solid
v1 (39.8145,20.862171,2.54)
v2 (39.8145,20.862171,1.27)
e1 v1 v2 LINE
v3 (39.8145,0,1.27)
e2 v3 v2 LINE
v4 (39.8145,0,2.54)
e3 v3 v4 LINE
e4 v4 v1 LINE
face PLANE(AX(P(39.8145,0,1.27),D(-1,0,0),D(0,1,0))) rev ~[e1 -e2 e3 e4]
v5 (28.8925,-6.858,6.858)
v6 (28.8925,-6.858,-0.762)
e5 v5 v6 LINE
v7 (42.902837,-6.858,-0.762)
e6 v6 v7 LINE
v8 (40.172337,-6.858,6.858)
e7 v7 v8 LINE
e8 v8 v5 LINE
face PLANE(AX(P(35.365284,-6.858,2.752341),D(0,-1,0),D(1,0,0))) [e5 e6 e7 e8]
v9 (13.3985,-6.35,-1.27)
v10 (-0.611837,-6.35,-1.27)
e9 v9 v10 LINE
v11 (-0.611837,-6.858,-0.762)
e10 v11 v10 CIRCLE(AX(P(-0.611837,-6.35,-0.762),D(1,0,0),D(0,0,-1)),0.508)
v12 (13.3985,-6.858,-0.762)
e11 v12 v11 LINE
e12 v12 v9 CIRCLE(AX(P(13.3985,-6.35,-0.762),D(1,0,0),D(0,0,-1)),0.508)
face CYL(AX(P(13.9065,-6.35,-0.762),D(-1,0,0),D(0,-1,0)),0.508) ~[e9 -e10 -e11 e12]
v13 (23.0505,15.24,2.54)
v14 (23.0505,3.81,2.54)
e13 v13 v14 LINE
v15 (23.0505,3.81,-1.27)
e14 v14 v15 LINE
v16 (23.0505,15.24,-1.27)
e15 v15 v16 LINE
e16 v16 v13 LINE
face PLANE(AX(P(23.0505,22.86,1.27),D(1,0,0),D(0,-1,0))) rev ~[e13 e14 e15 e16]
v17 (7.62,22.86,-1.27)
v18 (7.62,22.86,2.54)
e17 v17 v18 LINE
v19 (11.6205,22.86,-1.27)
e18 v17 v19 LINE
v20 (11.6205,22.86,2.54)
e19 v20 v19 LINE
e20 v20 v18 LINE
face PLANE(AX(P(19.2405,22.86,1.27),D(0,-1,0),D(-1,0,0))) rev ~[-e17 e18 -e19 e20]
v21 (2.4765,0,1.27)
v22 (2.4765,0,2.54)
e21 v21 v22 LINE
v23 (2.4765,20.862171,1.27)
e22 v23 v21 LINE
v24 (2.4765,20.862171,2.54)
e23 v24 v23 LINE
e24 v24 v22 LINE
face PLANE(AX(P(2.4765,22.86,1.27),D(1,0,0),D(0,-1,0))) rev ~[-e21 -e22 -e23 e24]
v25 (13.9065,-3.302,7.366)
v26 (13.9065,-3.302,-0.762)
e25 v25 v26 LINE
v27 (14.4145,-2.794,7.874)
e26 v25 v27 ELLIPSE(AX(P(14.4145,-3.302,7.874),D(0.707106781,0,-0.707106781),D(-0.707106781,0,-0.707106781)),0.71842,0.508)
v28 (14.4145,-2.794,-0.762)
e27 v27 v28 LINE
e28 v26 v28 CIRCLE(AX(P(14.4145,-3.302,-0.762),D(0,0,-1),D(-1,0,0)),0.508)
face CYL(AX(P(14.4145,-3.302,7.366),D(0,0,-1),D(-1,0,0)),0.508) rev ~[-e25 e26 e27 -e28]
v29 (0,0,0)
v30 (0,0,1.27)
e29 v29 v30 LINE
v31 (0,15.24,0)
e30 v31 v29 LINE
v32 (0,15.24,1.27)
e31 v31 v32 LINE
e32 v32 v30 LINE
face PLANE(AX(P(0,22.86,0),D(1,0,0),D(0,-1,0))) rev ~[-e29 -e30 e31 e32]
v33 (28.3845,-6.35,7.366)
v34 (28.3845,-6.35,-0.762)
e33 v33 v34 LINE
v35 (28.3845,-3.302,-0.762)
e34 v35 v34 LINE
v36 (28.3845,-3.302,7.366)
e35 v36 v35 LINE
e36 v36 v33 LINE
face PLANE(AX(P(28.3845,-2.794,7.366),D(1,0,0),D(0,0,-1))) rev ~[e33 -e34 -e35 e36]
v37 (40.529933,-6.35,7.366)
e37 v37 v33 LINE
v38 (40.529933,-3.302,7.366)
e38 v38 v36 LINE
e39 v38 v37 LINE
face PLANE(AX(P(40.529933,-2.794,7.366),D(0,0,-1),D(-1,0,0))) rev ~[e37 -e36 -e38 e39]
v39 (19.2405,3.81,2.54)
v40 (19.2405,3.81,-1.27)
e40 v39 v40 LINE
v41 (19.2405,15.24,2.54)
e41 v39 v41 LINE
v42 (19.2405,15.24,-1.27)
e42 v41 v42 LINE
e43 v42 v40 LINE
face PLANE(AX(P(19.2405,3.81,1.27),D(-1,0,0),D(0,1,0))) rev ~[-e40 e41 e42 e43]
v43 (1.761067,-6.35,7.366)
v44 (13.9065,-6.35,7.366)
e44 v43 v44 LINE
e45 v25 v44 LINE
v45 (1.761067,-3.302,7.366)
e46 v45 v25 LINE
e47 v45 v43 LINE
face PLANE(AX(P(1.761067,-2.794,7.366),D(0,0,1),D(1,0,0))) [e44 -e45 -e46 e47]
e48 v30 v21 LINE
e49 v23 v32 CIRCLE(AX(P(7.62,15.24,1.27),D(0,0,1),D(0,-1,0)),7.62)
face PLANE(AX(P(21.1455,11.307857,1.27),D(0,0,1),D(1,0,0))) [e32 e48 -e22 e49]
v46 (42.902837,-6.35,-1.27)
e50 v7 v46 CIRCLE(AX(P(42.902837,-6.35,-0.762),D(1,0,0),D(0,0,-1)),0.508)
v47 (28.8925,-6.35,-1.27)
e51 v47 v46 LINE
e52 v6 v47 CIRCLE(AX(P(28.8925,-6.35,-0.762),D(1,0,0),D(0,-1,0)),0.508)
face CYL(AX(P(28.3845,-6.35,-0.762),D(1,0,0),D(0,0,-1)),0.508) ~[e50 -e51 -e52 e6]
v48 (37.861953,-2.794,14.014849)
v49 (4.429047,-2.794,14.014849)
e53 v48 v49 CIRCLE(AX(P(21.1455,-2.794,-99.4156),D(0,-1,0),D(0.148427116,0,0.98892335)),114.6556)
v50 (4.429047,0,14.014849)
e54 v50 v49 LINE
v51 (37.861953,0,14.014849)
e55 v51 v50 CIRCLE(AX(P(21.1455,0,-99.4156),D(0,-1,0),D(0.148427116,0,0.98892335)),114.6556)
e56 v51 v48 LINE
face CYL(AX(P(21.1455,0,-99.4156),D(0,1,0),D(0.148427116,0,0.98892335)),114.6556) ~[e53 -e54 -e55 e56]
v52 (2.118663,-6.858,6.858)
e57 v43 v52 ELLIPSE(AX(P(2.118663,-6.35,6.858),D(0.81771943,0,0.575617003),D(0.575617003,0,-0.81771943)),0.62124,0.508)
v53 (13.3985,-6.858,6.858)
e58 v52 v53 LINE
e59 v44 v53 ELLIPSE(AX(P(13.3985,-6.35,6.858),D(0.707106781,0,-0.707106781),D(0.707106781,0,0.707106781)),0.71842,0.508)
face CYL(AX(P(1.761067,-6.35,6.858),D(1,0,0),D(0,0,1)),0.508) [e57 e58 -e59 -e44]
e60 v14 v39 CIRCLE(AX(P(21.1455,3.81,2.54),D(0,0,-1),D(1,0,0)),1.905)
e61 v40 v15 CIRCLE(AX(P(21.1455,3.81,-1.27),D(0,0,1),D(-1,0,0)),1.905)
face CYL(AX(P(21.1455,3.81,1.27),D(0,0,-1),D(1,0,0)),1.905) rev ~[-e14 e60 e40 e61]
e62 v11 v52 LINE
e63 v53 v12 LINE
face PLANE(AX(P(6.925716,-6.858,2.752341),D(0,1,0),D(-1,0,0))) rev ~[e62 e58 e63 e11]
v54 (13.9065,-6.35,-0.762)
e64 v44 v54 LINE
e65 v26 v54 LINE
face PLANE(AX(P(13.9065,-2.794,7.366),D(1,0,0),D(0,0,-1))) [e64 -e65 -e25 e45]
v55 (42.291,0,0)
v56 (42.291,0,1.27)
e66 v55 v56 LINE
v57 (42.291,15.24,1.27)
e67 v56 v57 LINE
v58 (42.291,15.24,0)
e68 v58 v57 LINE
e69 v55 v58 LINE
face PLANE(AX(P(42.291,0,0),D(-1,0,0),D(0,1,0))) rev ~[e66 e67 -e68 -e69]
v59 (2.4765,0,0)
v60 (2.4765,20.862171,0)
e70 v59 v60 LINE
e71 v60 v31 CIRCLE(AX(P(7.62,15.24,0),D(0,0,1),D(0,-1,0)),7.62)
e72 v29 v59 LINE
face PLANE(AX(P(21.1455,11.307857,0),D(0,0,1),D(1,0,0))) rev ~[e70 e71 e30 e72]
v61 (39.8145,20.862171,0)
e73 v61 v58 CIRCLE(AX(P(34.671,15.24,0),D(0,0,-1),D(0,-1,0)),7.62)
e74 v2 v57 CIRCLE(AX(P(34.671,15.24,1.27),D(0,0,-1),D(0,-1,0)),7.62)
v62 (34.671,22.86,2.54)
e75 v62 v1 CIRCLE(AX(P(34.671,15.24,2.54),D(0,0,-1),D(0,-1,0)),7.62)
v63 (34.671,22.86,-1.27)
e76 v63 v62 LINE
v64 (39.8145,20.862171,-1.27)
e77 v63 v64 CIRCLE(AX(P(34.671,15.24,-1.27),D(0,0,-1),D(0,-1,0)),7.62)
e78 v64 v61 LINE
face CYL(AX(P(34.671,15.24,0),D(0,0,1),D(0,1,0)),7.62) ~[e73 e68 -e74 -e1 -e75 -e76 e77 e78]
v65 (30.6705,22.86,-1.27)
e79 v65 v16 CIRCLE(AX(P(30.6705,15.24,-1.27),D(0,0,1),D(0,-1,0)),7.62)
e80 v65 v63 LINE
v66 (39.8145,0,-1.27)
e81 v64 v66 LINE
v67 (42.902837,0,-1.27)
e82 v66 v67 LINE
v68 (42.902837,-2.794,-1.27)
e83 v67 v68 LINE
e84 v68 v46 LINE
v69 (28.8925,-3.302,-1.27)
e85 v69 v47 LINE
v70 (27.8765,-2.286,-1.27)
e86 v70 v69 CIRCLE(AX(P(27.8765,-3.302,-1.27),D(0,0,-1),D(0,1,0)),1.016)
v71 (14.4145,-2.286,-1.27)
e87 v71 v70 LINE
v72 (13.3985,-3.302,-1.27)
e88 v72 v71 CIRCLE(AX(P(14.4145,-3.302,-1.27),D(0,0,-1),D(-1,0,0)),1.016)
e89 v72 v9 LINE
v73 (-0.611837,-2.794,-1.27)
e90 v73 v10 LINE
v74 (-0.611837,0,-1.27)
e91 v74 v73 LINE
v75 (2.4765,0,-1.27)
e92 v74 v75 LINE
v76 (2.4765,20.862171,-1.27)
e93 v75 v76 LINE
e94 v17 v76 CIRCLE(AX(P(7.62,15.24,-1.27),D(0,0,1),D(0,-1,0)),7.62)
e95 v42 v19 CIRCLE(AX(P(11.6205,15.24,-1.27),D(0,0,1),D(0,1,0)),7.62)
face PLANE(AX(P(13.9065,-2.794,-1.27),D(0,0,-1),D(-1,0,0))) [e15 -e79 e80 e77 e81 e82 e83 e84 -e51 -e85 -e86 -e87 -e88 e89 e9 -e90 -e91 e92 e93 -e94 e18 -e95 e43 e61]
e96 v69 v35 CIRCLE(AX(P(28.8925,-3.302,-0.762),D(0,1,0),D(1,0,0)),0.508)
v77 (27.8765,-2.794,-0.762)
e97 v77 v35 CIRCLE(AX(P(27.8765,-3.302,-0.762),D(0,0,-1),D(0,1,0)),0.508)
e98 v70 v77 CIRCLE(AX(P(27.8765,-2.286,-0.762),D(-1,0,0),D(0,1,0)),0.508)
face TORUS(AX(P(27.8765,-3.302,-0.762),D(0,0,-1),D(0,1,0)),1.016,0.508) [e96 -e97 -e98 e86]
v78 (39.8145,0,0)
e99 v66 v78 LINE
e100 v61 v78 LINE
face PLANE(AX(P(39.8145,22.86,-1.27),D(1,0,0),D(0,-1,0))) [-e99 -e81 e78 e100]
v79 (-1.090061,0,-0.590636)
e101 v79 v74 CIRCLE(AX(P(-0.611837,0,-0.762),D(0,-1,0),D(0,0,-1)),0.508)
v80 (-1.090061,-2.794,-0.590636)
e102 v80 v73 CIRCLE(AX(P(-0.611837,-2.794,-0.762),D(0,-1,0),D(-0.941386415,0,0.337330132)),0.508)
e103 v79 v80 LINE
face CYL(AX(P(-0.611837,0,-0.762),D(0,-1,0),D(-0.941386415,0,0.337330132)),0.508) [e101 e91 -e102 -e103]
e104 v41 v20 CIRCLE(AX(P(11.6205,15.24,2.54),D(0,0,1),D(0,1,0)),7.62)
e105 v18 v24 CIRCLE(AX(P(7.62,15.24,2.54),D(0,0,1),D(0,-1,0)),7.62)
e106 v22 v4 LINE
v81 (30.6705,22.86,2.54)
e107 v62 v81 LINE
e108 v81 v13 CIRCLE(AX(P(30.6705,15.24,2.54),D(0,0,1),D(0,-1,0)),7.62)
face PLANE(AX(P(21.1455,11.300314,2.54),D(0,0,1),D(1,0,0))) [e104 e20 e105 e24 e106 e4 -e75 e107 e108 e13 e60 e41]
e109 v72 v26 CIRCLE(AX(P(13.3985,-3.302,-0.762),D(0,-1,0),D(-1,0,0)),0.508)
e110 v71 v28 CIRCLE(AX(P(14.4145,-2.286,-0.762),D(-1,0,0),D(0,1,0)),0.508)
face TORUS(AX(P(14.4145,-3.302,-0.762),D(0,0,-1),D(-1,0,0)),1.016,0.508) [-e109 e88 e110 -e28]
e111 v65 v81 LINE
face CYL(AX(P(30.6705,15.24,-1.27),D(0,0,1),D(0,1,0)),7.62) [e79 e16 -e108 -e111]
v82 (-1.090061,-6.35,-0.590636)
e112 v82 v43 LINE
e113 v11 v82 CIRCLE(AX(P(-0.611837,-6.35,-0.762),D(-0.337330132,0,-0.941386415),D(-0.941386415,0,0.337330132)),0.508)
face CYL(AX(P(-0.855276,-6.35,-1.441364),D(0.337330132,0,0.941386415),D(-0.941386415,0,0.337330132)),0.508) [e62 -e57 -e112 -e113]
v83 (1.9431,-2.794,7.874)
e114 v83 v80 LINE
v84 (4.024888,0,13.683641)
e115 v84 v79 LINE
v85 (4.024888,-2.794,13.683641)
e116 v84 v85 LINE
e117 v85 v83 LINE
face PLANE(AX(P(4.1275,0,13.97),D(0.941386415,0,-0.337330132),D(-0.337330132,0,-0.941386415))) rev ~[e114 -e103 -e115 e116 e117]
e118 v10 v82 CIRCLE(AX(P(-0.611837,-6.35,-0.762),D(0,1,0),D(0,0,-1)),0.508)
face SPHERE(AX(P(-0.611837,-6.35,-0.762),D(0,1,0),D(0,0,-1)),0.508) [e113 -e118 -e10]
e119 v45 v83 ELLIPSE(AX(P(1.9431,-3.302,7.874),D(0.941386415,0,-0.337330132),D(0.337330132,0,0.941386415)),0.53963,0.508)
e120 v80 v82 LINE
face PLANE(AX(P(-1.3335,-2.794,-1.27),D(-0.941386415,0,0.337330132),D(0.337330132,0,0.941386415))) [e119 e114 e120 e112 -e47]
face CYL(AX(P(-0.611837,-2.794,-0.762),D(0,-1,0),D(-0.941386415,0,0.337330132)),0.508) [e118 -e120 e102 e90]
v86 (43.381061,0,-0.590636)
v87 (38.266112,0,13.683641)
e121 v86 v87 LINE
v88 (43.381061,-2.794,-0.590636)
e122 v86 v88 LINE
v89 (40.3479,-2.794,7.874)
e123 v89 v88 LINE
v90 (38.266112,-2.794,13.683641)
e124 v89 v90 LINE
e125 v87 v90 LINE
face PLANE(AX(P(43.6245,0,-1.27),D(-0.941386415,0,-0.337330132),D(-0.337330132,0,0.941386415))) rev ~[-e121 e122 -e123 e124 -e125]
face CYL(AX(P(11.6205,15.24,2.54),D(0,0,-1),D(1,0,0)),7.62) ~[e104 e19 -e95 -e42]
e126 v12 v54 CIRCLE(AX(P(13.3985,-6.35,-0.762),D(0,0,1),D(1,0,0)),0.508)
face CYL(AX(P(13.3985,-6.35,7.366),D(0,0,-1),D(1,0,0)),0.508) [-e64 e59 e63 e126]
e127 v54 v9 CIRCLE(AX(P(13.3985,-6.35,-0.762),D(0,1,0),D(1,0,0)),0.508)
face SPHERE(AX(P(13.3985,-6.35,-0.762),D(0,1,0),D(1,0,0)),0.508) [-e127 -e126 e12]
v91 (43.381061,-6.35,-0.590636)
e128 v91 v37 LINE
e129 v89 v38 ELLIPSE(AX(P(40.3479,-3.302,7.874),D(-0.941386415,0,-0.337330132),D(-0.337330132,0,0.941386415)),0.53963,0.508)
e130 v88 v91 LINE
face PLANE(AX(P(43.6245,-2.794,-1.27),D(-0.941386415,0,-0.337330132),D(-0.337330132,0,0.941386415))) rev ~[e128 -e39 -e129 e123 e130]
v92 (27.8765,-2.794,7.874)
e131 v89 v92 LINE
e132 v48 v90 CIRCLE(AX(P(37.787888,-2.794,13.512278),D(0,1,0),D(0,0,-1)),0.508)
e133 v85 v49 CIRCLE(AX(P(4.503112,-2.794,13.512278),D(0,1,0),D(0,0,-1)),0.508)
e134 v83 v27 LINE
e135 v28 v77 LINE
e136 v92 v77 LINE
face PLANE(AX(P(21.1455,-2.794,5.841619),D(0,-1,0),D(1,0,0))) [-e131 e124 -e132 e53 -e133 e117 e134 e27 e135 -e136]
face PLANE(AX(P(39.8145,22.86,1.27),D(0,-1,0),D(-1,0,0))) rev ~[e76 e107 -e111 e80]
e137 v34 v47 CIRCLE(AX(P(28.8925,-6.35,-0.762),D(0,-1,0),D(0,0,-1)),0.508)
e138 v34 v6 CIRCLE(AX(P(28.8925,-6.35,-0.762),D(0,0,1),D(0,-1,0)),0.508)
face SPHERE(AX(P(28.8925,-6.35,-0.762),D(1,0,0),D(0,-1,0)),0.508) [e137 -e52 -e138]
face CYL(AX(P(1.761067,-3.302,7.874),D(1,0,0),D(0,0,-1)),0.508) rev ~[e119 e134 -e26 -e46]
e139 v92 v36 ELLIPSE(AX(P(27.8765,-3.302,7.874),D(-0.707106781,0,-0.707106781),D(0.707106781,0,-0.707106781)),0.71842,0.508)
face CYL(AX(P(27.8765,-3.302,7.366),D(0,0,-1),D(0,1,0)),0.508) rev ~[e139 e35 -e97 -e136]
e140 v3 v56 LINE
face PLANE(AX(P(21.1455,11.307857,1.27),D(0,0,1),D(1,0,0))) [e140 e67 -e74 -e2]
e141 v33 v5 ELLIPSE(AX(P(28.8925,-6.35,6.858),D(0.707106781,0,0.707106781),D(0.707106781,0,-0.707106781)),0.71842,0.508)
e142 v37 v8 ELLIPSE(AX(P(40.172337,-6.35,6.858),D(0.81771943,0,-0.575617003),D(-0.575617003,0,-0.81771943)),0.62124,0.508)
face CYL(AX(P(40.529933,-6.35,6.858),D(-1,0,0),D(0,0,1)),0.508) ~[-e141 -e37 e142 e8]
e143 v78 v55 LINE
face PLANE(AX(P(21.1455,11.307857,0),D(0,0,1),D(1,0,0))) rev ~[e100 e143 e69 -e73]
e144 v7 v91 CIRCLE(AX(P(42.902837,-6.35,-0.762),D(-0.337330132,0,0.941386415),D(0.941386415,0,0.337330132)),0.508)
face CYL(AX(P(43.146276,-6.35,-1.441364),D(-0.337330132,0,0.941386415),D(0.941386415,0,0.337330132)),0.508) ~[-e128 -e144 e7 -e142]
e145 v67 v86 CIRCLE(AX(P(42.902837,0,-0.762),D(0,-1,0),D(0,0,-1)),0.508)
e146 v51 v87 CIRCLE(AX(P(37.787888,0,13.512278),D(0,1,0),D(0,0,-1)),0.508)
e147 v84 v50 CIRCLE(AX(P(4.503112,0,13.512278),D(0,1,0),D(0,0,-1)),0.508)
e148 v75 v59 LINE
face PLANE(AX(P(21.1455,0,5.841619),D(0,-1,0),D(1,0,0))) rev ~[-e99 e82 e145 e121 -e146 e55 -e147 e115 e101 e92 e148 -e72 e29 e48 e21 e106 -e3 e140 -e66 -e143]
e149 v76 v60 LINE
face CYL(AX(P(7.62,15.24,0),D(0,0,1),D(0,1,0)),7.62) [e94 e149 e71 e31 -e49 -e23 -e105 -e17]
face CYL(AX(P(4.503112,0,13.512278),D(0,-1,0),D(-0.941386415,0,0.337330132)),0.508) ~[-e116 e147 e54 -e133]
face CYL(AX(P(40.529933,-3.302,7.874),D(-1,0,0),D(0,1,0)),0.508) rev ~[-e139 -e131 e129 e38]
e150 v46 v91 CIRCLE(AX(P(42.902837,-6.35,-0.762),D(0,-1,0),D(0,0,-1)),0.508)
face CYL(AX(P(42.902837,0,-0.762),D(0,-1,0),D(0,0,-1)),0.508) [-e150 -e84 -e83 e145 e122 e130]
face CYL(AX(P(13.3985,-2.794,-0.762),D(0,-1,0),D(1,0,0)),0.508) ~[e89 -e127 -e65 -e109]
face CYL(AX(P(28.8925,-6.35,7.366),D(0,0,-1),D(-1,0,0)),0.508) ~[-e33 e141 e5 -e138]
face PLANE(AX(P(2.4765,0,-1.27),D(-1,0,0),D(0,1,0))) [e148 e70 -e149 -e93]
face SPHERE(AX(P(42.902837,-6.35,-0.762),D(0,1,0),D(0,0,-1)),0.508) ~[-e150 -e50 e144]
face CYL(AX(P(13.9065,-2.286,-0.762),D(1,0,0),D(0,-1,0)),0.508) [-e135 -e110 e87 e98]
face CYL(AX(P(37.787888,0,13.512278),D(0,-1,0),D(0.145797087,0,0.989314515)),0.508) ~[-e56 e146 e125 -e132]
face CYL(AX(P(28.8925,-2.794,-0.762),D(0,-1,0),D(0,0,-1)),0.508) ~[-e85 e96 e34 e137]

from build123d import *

# Parameters (mm, degrees)
BOSS_EXTRUDE1_DEPTH = 1.27
BOSS_EXTRUDE2_START = 1.27
BOSS_EXTRUDE2_DEPTH = 1.27
BOSS_EXTRUDE3_DEPTH = 1.27
BOSS_EXTRUDE4_DEPTH = 2.794
BOSS_EXTRUDE5_DEPTH = 4.064
FILLET1_R           = 0.508
FILLET3_R           = 7.62


with BuildPart() as part:
    # Sketch1 → Boss-Extrude1 (new body)
    with BuildSketch(Plane.XY):
        with BuildLine():
            Line((0, 0), (42.291, 0))
            Line((42.291, 0), (42.291, 22.86))
            Line((42.291, 22.86), (23.0505, 22.86))
            Line((23.0505, 22.86), (23.0505, 3.81))
            ThreePointArc((23.0505, 3.81), (21.1455, 1.905), (19.2405, 3.81))
            Line((19.2405, 3.81), (19.2405, 22.86))
            Line((19.2405, 22.86), (0, 22.86))
            Line((0, 22.86), (0, 0))
        make_face()
    extrude(amount=BOSS_EXTRUDE1_DEPTH)

    # Sketch2 → Boss-Extrude2 (add)
    with BuildSketch(Plane(origin=(0, 0, 0), x_dir=(-1, 0, 0), z_dir=(0, 0, -1)).offset(BOSS_EXTRUDE2_START)):
        with BuildLine():
            Line((-23.0505, 22.86), (-39.8145, 22.86))
            Line((-39.8145, 22.86), (-39.8145, 0))
            Line((-39.8145, 0), (-23.0505, 0))
            Line((-23.0505, 0), (-19.2405, 0))
            Line((-19.2405, 0), (-2.4765, 0))
            Line((-2.4765, 0), (-2.4765, 22.86))
            Line((-2.4765, 22.86), (-19.2405, 22.86))
            Line((-19.2405, 22.86), (-19.2405, 3.81))
            ThreePointArc((-19.2405, 3.81), (-21.1455, 1.905), (-23.0505, 3.81))
            Line((-23.0505, 3.81), (-23.0505, 22.86))
        make_face()
    extrude(amount=-BOSS_EXTRUDE2_DEPTH)

    # Sketch3 → Boss-Extrude3 (add)
    with BuildSketch(Plane.XY.offset(1.27)):
        with BuildLine():
            Line((19.2405, 22.86), (2.4765, 22.86))
            Line((2.4765, 22.86), (2.4765, 0))
            Line((2.4765, 0), (19.2405, 0))
            Line((19.2405, 0), (23.0505, 0))
            Line((23.0505, 0), (39.8145, 0))
            Line((39.8145, 0), (39.8145, 22.86))
            Line((39.8145, 22.86), (23.0505, 22.86))
            Line((23.0505, 22.86), (23.0505, 3.81))
            ThreePointArc((23.0505, 3.81), (21.1455, 1.905), (19.2405, 3.81))
            Line((19.2405, 3.81), (19.2405, 22.86))
        make_face()
    extrude(amount=BOSS_EXTRUDE3_DEPTH)

    # Sketch5 → Boss-Extrude4 (add)
    with BuildSketch(Plane.XZ):
        with BuildLine():
            Line((-1.3335, -1.27), (43.6245, -1.27))
            Line((43.6245, -1.27), (38.1635, 13.97))
            ThreePointArc((38.1635, 13.97), (21.1455, 15.24), (4.1275, 13.97))
            Line((4.1275, 13.97), (-1.3335, -1.27))
        make_face()
    extrude(amount=BOSS_EXTRUDE4_DEPTH)

    # Sketch6 → Boss-Extrude5 (add)
    with BuildSketch(Plane.XZ.offset(2.794)):
        Polygon((1.761066667, 7.366), (13.9065, 7.366), (13.9065, -1.27), (-1.3335, -1.27), align=None)
        Polygon((28.3845, -1.27), (43.6245, -1.27), (40.529933333, 7.366), (28.3845, 7.366), align=None)
    extrude(amount=BOSS_EXTRUDE5_DEPTH)

    # Fillet1
    fillet1_edges = [part.edges().sort_by_distance(p)[0] for p in [
        (28.3845, -2.794, 3.048),
        (34.457216667, -2.794, 7.366),
        (13.9065, -2.794, 3.048),
        (7.833783333, -2.794, 7.366),
        (13.9065, -4.826, -1.27),
        (21.1455, -2.794, -1.27),
        (36.0045, -6.858, -1.27),
        (28.3845, -6.858, 3.048),
        (34.457216667, -6.858, 7.366),
        (42.077216667, -6.858, 3.048),
        (7.833783333, -6.858, 7.366),
        (13.9065, -6.858, 3.048),
        (6.2865, -6.858, -1.27),
        (0.213783333, -6.858, 3.048),
        (-1.3335, -3.429, -1.27),
        (28.3845, -4.826, -1.27),
        (43.6245, -3.429, -1.27),
        (38.1635, -1.397, 13.97),
        (4.1275, -1.397, 13.97),
    ]]
    fillet(fillet1_edges, radius=FILLET1_R)

    # Fillet3
    fillet3_edges = [part.edges().sort_by_distance(p)[0] for p in [
        (23.0505, 22.86, 0.635),
        (19.2405, 22.86, 0.635),
        (0, 22.86, 0.635),
        (42.291, 22.86, 0.635),
    ]]
    fillet(fillet3_edges, radius=FILLET3_R)


solid = part.part
